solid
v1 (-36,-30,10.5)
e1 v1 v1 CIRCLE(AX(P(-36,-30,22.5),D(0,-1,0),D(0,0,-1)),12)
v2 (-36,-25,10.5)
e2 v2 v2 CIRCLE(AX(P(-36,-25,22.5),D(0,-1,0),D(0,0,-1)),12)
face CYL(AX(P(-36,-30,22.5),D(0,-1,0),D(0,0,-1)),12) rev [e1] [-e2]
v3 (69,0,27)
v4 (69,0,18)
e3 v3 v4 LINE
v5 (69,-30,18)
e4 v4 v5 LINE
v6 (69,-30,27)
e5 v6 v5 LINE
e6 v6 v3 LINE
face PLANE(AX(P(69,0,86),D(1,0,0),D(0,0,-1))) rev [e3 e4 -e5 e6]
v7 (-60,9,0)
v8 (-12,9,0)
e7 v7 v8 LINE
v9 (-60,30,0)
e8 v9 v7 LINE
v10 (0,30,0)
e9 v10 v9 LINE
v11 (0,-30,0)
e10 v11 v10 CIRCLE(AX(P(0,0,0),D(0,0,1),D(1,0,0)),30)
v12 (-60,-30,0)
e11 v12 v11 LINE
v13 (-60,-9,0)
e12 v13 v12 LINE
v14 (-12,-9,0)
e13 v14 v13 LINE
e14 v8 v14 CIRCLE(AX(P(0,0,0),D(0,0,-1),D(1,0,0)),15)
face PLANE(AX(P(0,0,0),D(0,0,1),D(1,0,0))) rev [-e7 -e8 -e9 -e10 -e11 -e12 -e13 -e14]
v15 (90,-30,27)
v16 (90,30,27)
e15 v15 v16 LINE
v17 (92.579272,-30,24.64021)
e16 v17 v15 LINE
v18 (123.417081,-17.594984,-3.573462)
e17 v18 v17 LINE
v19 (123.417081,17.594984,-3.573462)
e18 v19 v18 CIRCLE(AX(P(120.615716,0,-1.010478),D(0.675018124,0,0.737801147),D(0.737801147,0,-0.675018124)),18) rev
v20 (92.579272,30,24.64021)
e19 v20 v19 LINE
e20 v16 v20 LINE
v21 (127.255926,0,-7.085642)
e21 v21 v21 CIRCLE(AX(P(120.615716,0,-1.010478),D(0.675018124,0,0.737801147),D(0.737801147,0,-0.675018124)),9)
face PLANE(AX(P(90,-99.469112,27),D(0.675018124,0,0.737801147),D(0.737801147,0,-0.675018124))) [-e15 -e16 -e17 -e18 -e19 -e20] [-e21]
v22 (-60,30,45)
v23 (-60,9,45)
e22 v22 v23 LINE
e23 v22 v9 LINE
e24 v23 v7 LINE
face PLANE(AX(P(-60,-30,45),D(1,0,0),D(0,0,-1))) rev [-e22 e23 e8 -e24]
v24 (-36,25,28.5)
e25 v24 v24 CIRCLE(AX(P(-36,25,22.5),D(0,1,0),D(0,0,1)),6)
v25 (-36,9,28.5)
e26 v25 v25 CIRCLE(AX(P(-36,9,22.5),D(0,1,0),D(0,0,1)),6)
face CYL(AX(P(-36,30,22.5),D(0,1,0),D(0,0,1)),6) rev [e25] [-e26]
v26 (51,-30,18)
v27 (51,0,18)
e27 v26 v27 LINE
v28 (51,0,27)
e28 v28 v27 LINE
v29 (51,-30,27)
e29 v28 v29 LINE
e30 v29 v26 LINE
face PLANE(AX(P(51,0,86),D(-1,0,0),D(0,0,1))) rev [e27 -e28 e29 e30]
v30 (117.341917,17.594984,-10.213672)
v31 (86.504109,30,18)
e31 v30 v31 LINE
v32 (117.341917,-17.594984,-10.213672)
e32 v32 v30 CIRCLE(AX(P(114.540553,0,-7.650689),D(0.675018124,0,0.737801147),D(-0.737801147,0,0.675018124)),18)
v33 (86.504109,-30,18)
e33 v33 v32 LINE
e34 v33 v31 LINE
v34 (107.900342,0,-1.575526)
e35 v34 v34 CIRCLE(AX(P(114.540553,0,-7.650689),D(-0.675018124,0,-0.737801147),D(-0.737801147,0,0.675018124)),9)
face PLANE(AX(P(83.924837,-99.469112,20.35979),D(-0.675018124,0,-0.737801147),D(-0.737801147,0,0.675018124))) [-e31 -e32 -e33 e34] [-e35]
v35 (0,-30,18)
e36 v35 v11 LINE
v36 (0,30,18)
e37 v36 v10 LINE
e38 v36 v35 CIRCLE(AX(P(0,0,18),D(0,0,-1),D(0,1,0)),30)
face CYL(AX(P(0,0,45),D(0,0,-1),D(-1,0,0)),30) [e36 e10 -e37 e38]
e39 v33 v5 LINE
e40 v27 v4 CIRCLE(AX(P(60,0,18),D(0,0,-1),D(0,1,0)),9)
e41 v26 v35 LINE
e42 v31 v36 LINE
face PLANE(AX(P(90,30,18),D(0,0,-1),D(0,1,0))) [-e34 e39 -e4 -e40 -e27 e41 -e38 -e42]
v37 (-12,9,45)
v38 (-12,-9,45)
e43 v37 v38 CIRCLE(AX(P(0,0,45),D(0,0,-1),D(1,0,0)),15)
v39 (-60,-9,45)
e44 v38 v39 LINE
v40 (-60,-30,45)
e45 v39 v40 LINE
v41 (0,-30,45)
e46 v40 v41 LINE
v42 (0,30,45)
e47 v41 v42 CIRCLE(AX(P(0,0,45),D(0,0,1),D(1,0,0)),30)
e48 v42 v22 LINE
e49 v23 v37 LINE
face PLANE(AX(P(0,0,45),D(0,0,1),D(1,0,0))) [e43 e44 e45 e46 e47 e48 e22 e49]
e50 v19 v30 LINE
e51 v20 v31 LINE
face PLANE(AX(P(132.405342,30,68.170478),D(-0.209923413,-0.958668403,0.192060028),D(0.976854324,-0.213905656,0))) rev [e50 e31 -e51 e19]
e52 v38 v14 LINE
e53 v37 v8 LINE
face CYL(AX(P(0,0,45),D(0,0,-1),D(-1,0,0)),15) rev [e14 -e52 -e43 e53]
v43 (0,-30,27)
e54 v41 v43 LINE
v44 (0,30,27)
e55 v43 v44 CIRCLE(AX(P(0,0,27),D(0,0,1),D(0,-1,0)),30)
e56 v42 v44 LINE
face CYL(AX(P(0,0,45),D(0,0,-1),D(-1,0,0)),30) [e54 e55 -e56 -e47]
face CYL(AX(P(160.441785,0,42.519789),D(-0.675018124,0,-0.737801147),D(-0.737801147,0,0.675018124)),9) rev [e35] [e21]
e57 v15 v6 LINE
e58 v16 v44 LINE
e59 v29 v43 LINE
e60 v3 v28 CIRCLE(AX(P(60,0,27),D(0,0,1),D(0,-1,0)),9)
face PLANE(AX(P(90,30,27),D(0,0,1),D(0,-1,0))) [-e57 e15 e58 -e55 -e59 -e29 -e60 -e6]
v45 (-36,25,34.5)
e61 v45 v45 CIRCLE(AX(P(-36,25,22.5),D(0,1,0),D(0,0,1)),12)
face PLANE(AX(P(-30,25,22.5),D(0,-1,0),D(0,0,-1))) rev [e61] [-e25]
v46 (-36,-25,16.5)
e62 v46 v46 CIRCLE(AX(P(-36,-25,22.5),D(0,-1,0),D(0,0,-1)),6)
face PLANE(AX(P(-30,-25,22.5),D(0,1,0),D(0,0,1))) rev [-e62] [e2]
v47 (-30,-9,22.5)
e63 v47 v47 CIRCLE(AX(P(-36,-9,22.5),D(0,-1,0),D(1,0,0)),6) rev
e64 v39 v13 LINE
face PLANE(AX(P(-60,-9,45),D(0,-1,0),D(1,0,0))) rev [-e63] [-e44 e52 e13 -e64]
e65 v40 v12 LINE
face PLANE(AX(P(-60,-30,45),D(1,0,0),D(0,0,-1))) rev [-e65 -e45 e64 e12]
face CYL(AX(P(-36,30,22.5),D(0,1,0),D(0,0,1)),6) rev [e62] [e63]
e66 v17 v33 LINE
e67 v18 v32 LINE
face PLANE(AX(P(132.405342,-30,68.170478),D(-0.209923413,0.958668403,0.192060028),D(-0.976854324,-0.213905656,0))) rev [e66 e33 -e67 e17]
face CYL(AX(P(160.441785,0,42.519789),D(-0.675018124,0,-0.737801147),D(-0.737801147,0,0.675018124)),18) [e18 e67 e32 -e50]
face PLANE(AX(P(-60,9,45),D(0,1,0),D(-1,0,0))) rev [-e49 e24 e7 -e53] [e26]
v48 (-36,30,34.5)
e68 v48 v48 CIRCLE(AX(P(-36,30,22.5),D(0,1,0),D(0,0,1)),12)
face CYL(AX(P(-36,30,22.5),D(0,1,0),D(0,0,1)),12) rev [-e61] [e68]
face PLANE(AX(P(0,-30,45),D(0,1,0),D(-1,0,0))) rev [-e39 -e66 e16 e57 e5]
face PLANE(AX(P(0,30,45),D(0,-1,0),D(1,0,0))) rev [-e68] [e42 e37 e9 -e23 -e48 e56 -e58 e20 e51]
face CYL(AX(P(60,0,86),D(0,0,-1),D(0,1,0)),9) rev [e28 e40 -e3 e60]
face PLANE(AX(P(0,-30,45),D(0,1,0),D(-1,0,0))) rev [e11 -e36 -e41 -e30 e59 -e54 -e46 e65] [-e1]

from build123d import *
from build123d.topology import SkipClean

# Parameters (mm, degrees)
BOSS_EXTRUDE1_DEPTH                      = 45
CBORE_FOR_M10_HEX_HEAD_BOLT1_D           = 12
CBORE_FOR_M10_HEX_HEAD_BOLT1_DEPTH       = 21
CBORE_FOR_M10_HEX_HEAD_BOLT1_CBORE_D     = 24
CBORE_FOR_M10_HEX_HEAD_BOLT1_CBORE_DEPTH = 5
CBORE_FOR_M10_HEX_HEAD_BOLT1_TIP         = 3.605163714
CBORE_FOR_M10_HEX_HEAD_BOLT2_D           = 12
CBORE_FOR_M10_HEX_HEAD_BOLT2_CBORE_D     = 24
CBORE_FOR_M10_HEX_HEAD_BOLT2_CBORE_DEPTH = 5
SKETCH8_W                                = 9
SKETCH8_H                                = 60
BOSS_EXTRUDE5_DEPTH                      = 150
SKETCH11_R                               = 12
CUT_EXTRUDE3_DEPTH                       = 5
SKETCH13_R                               = 6
CUT_EXTRUDE4_DEPTH                       = 99
SKETCH14_R                               = 12
CUT_EXTRUDE5_DEPTH                       = 5
CUT_EXTRUDE6_START                       = -68
CUT_EXTRUDE6_DEPTH                       = 68
BOSS_EXTRUDE8_DEPTH                      = 60
CUT_EXTRUDE7_DEPTH                       = 68
SKETCH18_R                               = 9
CUT_EXTRUDE8_DEPTH                       = 68
CUT_EXTRUDE9_DEPTH                       = 68


with BuildPart() as part:
    # Sketch1 → Boss-Extrude1 (new body)
    with BuildSketch(Plane.XY):
        with BuildLine():
            Line((0, 30), (-60, 30))
            Line((-60, 30), (-60, 9))
            Line((-60, 9), (-12, 9))
            ThreePointArc((-12, 9), (15, 0), (-12, -9))
            Line((-12, -9), (-60, -9))
            Line((-60, -9), (-60, -30))
            Line((-60, -30), (0, -30))
            ThreePointArc((0, -30), (30, 0), (0, 30))
        make_face()
    extrude(amount=BOSS_EXTRUDE1_DEPTH)

    # CBORE for M10 Hex Head Bolt1
    with Locations(Plane(origin=(0, 30, 0), x_dir=(1, 0, 0), z_dir=(0, 1, 0))):
        with Locations((-36, -22.5)):
            CounterBoreHole(CBORE_FOR_M10_HEX_HEAD_BOLT1_D / 2, CBORE_FOR_M10_HEX_HEAD_BOLT1_CBORE_D / 2, CBORE_FOR_M10_HEX_HEAD_BOLT1_CBORE_DEPTH, depth=CBORE_FOR_M10_HEX_HEAD_BOLT1_DEPTH)
            with Locations((0, 0, -(CBORE_FOR_M10_HEX_HEAD_BOLT1_DEPTH + CBORE_FOR_M10_HEX_HEAD_BOLT1_TIP / 2))):  # 118° drill point
                Cone(0, CBORE_FOR_M10_HEX_HEAD_BOLT1_D / 2, CBORE_FOR_M10_HEX_HEAD_BOLT1_TIP, mode=Mode.SUBTRACT)

    # CBORE for M10 Hex Head Bolt2 (through all)
    with Locations(Plane(origin=(0, -30, 0), x_dir=(-1, 0, 0), z_dir=(0, -1, 0))):
        with Locations((36, -22.5)):
            CounterBoreHole(CBORE_FOR_M10_HEX_HEAD_BOLT2_D / 2, CBORE_FOR_M10_HEX_HEAD_BOLT2_CBORE_D / 2, CBORE_FOR_M10_HEX_HEAD_BOLT2_CBORE_DEPTH)

    # Sketch8 → Boss-Extrude5 (add)
    with BuildSketch(Plane.ZY.offset(60)):
        with Locations((22.5, 0)):
            Rectangle(SKETCH8_W, SKETCH8_H)
    extrude(amount=-BOSS_EXTRUDE5_DEPTH)

    # Sketch11 → Cut-Extrude3 (cut)
    with BuildSketch(Plane(origin=(0, 30, 0), x_dir=(1, 0, 0), z_dir=(0, 1, 0))):
        with Locations(Location((-36, -22.5, 0), (0, 0, 270))):
            Circle(SKETCH11_R)
    extrude(amount=-CUT_EXTRUDE3_DEPTH, mode=Mode.SUBTRACT)

    # Sketch13 → Cut-Extrude4 (cut)
    with SkipClean():  # the faces are left unmerged after this step: merging them gives an invalid solid
        with BuildSketch(Plane(origin=(0, 30, 0), x_dir=(1, 0, 0), z_dir=(0, 1, 0))):
            with Locations(Location((-36, -22.5, 0), (0, 0, 270))):
                Circle(SKETCH13_R)
        extrude(amount=-CUT_EXTRUDE4_DEPTH, mode=Mode.SUBTRACT)

    # Sketch14 → Cut-Extrude5 (cut)
    with SkipClean():  # the faces are left unmerged after this step: merging them gives an invalid solid
        with BuildSketch(Plane.XZ.offset(30)):
            with Locations(Location((-36, 22.5, 0), (0, 0, 90))):
                Circle(SKETCH14_R)
        extrude(amount=-CUT_EXTRUDE5_DEPTH, mode=Mode.SUBTRACT)

    # Sketch15 → Cut-Extrude6 (cut)
    with BuildSketch(Plane.XY.offset(27).offset(CUT_EXTRUDE6_START)):
        with BuildLine():
            Line((-12, 9), (-60, 9))
            Line((-60, 9), (-60, -9))
            Line((-60, -9), (-12, -9))
            ThreePointArc((-12, -9), (15, 0), (-12, 9))
        make_face()
    extrude(amount=CUT_EXTRUDE6_DEPTH, mode=Mode.SUBTRACT)

    # Sketch16 → Boss-Extrude8 (add)
    with BuildSketch(Plane(origin=(0, 30, 0), x_dir=(1, 0, 0), z_dir=(0, 1, 0))):
        Polygon((90, -27), (134.636969371, 13.838596515), (128.561806253, 20.478806835), (83.924836882, -20.35978968), align=None)
    extrude(amount=-BOSS_EXTRUDE8_DEPTH)

    # Sketch17 → Cut-Extrude7 (cut)
    with BuildSketch(Plane(origin=(48.380075948, 0, 52.879877188), x_dir=(-0.7378011466347597, 0, 0.6750181242192198), z_dir=(-0.6750181242192198, 0, -0.7378011466347597))):
        with BuildLine():
            Line((-51.672504688, -30), (-93.46941491, -17.594984307))
            ThreePointArc((-93.46941491, -17.594984307), (-107.672504688, 0), (-93.46941491, 17.594984307))
            Line((-93.46941491, 17.594984307), (-51.672504688, 30))
            Line((-51.672504688, 30), (-131.97504834, 46.212798572))
            Line((-131.97504834, 46.212798572), (-125.335440866, -48.202419702))
            Line((-125.335440866, -48.202419702), (-41.145218102, -48.202419702))
            Line((-41.145218102, -48.202419702), (-51.672504688, -30))
        make_face()
    extrude(amount=-CUT_EXTRUDE7_DEPTH, mode=Mode.SUBTRACT)

    # Sketch18 → Cut-Extrude8 (cut)
    with BuildSketch(Plane(origin=(48.380075948, 0, 52.879877188), x_dir=(-0.7378011466347597, 0, 0.6750181242192198), z_dir=(-0.6750181242192198, 0, -0.7378011466347597))):
        with Locations((-89.672504688, 0)):
            Circle(SKETCH18_R)
    extrude(amount=-CUT_EXTRUDE8_DEPTH, mode=Mode.SUBTRACT)

    # Sketch19 → Cut-Extrude9 (cut)
    with BuildSketch(Plane(origin=(0, 0, 18), x_dir=(-1, 0, 0), z_dir=(0, 0, -1))):
        with BuildLine():
            Line((-69, 0), (-69, -30))
            Line((-69, -30), (-51, -30))
            Line((-51, -30), (-51, 0))
            ThreePointArc((-51, 0), (-60, 9), (-69, 0))
        make_face()
    extrude(amount=-CUT_EXTRUDE9_DEPTH, mode=Mode.SUBTRACT)


solid = part.part
